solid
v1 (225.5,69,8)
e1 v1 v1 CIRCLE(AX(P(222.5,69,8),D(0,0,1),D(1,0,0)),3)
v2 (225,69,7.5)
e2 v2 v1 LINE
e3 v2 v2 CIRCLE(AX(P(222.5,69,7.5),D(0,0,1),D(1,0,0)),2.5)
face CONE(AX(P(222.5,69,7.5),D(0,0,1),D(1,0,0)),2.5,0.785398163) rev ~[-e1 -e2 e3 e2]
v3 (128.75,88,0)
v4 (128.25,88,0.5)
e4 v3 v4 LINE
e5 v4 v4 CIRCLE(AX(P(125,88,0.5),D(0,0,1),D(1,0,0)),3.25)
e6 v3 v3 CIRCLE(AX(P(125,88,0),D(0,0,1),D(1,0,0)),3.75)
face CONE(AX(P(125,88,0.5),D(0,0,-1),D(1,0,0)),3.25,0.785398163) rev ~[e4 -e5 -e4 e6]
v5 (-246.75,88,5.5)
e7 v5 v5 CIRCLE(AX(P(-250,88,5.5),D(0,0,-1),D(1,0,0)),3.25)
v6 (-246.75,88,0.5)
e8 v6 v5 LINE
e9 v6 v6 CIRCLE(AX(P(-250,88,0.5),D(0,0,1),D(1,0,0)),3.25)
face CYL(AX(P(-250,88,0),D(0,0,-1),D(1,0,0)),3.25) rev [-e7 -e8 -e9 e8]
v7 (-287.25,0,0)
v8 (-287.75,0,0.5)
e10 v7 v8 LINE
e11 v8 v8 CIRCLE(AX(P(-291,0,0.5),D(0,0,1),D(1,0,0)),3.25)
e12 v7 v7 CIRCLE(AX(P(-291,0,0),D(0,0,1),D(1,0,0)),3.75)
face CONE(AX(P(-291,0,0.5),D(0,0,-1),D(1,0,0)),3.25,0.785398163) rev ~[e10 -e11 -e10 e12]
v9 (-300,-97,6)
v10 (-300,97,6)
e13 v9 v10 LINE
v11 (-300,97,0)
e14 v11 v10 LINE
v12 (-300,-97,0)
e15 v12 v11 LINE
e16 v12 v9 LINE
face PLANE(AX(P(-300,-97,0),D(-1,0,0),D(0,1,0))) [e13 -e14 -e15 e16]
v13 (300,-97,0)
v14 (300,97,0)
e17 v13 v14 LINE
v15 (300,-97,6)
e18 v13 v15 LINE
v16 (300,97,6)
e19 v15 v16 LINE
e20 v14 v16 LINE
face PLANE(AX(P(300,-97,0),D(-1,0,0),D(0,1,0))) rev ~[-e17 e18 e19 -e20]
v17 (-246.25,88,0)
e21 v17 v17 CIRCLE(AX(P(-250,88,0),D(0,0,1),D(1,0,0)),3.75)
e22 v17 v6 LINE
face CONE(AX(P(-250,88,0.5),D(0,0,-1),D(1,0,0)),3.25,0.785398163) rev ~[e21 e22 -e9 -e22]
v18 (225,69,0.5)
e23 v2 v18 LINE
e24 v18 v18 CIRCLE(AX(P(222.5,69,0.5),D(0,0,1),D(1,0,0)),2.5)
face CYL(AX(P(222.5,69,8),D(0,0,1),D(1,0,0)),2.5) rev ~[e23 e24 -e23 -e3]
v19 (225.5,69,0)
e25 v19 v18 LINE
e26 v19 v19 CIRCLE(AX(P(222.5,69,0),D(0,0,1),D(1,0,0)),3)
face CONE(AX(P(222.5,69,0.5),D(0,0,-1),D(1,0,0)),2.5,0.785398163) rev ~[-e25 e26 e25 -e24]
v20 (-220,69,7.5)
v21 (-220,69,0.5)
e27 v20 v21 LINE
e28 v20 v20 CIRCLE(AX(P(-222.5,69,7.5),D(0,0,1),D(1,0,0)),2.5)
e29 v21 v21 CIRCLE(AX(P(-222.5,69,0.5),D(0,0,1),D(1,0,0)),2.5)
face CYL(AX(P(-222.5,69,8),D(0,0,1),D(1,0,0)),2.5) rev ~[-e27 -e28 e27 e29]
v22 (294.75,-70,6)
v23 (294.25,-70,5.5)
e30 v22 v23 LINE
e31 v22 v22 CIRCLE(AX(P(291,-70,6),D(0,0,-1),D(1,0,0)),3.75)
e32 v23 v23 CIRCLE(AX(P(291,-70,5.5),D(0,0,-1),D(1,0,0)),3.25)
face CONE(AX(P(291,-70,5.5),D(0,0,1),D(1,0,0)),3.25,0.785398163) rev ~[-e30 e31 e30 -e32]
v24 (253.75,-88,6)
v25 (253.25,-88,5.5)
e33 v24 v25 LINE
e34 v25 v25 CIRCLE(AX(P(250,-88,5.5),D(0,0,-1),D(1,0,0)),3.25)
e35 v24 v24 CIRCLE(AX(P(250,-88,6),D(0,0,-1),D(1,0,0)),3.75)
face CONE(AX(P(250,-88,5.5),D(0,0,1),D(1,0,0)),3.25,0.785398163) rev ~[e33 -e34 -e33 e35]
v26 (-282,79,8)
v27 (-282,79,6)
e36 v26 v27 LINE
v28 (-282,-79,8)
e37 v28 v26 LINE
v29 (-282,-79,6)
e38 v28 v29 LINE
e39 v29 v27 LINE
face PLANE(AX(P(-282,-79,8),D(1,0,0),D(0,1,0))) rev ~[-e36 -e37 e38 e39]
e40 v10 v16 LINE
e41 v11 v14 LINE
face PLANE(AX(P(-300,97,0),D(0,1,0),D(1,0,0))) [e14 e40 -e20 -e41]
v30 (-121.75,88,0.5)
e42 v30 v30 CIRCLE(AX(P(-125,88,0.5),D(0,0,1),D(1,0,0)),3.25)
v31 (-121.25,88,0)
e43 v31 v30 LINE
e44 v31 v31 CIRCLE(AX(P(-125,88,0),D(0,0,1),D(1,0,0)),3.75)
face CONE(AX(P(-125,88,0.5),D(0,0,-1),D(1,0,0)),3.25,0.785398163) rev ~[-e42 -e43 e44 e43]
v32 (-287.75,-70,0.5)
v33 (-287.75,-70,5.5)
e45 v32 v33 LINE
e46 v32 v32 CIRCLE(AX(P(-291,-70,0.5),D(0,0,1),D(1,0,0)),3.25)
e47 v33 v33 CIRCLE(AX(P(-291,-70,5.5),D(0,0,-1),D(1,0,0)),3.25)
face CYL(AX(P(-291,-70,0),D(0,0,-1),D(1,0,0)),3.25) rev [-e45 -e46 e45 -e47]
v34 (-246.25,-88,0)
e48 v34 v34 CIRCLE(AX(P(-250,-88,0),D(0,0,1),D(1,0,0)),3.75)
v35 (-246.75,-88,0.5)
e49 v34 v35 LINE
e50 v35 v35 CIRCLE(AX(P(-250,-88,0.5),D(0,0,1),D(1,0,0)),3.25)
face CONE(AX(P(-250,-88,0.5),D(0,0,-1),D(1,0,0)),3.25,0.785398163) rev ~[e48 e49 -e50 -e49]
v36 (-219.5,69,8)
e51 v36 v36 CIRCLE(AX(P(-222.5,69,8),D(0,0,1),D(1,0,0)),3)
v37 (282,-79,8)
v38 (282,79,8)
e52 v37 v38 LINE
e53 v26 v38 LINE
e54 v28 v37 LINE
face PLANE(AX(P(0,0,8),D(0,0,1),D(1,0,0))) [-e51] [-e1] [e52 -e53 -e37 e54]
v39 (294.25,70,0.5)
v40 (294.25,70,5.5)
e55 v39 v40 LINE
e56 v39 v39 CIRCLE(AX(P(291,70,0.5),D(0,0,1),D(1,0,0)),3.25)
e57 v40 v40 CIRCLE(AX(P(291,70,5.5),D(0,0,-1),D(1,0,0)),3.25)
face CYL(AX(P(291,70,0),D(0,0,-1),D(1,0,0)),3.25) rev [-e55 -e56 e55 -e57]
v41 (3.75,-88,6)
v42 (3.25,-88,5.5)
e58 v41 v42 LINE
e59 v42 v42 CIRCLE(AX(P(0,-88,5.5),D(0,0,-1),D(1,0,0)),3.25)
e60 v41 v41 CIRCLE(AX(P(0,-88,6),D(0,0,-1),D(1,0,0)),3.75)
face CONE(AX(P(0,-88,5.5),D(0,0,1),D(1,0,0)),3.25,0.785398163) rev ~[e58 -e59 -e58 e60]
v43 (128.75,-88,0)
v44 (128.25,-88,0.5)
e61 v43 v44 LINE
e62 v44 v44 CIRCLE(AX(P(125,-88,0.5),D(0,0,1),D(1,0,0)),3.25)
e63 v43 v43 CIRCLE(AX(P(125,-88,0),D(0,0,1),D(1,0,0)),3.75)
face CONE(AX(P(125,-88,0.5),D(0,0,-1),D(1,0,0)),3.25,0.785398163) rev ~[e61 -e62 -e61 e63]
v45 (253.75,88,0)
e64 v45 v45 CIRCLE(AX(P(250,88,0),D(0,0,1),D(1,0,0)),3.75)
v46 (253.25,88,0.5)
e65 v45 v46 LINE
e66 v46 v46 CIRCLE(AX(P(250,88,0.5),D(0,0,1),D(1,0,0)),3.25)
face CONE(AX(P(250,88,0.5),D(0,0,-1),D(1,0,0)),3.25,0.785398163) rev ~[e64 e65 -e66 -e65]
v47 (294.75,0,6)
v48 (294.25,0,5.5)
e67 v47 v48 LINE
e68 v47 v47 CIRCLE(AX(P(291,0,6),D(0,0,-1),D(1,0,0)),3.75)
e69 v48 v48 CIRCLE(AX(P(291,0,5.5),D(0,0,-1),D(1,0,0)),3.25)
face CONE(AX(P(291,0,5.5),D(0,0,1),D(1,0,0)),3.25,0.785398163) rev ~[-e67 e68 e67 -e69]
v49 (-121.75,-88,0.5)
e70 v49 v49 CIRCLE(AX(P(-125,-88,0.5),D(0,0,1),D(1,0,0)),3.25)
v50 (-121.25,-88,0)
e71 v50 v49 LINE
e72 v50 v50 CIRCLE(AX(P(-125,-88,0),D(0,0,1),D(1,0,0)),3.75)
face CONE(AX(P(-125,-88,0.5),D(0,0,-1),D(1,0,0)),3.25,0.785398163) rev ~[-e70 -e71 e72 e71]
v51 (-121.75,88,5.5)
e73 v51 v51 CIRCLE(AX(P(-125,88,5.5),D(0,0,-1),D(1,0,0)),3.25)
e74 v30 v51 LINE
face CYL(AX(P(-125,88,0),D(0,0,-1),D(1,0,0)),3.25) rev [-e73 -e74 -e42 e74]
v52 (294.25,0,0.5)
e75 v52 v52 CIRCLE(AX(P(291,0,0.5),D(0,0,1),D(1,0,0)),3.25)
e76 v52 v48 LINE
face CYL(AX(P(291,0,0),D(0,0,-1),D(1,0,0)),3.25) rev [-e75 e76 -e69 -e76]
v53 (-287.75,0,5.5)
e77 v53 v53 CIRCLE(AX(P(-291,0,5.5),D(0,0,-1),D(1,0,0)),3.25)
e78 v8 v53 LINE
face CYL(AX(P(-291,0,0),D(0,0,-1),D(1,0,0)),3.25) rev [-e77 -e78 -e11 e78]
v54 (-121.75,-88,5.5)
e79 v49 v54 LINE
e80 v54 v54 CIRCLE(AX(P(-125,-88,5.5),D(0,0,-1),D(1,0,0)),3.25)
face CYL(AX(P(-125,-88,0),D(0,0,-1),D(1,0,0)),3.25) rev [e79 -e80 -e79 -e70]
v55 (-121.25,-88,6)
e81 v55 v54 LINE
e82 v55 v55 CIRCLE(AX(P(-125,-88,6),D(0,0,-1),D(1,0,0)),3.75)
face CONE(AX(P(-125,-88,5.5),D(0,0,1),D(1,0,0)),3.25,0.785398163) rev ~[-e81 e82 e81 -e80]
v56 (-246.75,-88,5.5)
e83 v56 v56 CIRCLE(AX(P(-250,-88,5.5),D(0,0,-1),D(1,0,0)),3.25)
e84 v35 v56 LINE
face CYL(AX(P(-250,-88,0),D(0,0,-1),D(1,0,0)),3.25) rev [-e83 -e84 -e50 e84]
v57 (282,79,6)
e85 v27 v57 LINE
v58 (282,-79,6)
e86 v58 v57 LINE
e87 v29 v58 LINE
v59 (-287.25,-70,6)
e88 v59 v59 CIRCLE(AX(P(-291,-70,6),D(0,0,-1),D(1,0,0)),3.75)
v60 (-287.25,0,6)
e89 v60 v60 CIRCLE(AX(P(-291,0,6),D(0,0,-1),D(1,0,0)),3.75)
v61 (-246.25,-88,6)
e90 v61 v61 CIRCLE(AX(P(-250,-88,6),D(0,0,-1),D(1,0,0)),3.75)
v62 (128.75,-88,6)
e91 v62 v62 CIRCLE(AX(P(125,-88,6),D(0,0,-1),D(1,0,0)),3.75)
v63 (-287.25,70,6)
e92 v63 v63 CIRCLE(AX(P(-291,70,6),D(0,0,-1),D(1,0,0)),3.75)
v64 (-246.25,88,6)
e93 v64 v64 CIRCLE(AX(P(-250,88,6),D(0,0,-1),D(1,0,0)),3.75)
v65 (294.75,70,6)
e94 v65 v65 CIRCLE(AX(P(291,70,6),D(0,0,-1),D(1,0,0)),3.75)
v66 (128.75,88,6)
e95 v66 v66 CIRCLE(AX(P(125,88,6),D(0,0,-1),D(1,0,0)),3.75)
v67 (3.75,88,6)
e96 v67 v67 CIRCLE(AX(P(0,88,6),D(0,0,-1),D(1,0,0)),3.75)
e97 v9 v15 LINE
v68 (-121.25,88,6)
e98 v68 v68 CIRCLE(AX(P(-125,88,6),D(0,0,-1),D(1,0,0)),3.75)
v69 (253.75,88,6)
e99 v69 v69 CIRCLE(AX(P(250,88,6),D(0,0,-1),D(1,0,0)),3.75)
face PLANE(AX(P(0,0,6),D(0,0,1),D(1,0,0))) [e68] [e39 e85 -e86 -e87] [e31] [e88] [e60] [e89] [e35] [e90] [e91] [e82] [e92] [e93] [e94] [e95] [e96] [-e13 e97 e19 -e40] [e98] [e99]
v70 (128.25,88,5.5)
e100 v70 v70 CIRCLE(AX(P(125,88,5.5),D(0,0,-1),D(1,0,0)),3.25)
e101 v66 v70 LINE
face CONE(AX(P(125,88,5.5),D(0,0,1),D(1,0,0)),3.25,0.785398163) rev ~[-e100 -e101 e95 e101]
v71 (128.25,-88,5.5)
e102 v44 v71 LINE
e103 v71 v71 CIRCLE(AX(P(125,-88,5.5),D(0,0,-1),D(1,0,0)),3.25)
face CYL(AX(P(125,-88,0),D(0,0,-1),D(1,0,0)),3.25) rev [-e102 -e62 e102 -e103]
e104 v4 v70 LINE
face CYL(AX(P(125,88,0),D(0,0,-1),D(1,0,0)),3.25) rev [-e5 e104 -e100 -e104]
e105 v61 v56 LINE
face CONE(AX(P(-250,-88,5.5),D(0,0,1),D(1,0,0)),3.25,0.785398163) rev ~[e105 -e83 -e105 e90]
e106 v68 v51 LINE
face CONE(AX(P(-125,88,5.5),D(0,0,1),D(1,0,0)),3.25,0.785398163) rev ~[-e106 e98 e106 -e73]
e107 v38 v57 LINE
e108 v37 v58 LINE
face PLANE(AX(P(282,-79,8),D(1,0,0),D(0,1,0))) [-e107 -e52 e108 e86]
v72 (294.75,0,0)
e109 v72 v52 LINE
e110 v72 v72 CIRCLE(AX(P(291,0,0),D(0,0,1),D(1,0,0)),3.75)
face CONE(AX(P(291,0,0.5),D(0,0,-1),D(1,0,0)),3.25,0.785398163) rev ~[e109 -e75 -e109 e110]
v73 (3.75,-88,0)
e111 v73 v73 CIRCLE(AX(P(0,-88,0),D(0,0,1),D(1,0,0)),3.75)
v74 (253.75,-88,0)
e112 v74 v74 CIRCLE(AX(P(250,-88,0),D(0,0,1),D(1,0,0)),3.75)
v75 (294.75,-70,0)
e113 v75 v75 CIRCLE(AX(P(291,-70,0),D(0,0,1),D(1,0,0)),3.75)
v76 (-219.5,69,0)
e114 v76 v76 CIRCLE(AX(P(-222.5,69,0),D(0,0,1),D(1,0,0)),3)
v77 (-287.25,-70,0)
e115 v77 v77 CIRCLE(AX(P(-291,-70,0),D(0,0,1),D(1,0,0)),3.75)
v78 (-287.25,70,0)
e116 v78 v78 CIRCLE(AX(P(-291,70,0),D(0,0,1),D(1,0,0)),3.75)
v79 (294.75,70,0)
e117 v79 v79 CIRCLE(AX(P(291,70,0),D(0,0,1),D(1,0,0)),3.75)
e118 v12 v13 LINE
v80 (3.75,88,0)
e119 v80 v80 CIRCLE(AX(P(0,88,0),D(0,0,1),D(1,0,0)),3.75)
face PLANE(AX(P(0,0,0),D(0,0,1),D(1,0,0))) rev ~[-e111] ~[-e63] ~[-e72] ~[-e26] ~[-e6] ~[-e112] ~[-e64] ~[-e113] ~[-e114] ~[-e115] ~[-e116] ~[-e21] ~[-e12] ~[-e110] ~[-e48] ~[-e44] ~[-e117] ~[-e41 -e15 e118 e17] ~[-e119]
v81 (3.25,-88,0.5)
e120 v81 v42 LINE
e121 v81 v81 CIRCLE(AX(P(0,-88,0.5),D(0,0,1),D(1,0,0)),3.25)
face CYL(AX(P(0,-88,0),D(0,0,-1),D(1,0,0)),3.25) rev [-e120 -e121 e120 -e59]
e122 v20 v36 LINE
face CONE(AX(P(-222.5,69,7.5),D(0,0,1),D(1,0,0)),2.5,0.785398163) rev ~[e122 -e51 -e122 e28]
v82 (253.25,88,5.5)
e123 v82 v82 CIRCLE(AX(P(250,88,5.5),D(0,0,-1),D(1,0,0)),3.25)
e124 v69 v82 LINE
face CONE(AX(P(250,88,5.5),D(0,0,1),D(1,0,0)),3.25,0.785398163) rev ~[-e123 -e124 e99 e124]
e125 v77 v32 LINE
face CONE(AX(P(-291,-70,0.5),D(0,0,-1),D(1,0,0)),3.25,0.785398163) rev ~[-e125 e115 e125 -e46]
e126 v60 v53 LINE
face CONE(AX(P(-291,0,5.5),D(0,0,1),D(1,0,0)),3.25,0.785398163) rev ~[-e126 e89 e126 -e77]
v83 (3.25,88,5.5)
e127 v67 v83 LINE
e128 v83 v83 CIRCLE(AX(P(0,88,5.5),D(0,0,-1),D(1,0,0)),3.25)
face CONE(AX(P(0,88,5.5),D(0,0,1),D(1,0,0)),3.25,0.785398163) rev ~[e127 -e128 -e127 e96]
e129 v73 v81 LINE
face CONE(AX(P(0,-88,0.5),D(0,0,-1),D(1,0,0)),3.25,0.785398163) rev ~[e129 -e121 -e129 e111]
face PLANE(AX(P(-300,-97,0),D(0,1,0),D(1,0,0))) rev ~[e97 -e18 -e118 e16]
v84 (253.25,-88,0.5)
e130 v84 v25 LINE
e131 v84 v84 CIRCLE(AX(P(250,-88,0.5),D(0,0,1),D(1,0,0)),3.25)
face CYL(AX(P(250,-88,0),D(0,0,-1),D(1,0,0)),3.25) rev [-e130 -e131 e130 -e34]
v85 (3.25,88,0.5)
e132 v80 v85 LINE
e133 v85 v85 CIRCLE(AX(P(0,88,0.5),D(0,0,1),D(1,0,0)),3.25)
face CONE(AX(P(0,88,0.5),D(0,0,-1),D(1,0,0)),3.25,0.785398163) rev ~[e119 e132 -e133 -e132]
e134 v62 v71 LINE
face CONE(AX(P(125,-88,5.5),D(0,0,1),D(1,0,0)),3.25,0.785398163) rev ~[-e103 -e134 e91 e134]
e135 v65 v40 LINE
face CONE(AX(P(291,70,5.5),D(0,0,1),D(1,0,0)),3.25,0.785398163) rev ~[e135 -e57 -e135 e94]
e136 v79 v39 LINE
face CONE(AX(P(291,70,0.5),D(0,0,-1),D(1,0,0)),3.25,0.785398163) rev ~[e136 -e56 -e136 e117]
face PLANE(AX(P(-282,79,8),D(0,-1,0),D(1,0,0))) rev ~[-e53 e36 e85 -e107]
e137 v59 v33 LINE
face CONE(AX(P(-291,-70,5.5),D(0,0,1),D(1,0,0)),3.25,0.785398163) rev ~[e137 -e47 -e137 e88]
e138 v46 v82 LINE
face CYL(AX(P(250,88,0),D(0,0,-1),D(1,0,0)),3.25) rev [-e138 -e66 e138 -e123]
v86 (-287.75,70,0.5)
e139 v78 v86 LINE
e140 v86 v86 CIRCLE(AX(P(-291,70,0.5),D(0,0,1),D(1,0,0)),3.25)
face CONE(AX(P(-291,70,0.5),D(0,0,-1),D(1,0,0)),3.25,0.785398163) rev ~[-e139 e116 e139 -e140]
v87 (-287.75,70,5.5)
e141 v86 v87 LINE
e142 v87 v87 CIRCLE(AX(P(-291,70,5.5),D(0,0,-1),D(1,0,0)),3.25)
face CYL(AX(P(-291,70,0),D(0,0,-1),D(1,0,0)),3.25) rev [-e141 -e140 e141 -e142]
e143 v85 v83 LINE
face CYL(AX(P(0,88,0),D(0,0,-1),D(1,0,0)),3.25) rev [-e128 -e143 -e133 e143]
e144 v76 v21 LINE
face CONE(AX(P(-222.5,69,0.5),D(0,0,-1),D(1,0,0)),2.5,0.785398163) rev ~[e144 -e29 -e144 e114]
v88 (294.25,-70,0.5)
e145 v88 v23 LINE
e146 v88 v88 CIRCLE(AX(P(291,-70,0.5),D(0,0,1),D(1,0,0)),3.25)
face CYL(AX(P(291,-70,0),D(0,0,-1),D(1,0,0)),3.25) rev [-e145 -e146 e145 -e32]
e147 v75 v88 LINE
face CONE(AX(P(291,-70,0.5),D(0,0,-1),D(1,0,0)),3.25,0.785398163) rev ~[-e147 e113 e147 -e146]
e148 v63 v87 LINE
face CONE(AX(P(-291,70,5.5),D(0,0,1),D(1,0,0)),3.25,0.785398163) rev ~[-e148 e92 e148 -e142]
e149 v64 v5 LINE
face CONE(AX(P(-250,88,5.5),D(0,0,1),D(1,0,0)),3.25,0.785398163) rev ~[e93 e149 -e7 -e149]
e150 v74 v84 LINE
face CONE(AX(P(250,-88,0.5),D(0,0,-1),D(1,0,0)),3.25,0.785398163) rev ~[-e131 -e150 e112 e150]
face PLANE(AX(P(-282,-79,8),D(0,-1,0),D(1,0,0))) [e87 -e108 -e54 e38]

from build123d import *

# Parameters (mm, degrees)
F0_W     = 600
F0_H     = 194
F0_R     = 3.25
F1_DEPTH = 8
F2_W     = 600
F2_H     = 194
F2_W_2   = 564
F2_H_2   = 158
F3_DEPTH = 2
F4_SIZE  = 0.5
F5_R     = 2.5
F6_DEPTH = 25
F7_SIZE  = 0.5


with BuildPart() as f1:
    # F0 (on Top) → F1 (new body)
    with BuildSketch(Plane.XY):
        Rectangle(F0_W, F0_H)
        with Locations((-250, -88)):
            Circle(F0_R, mode=Mode.SUBTRACT)
        with Locations((-291, -70)):
            Circle(F0_R, mode=Mode.SUBTRACT)
        with Locations((-125, -88)):
            Circle(F0_R, mode=Mode.SUBTRACT)
        with Locations((0, -88)):
            Circle(F0_R, mode=Mode.SUBTRACT)
        with Locations((125, -88)):
            Circle(F0_R, mode=Mode.SUBTRACT)
        with Locations((250, -88)):
            Circle(F0_R, mode=Mode.SUBTRACT)
        with Locations((291, -70)):
            Circle(F0_R, mode=Mode.SUBTRACT)
        with Locations((-291, 0)):
            Circle(F0_R, mode=Mode.SUBTRACT)
        with Locations((-291, 70)):
            Circle(F0_R, mode=Mode.SUBTRACT)
        with Locations((-250, 88)):
            Circle(F0_R, mode=Mode.SUBTRACT)
        with Locations((-125, 88)):
            Circle(F0_R, mode=Mode.SUBTRACT)
        with Locations((291, 0)):
            Circle(F0_R, mode=Mode.SUBTRACT)
        with Locations((0, 88)):
            Circle(F0_R, mode=Mode.SUBTRACT)
        with Locations((125, 88)):
            Circle(F0_R, mode=Mode.SUBTRACT)
        with Locations((291, 70)):
            Circle(F0_R, mode=Mode.SUBTRACT)
        with Locations((250, 88)):
            Circle(F0_R, mode=Mode.SUBTRACT)
    extrude(amount=F1_DEPTH)

    # F2 (on face) → F3 (cut)
    with BuildSketch(Plane.XY.offset(8)):
        Rectangle(F2_W, F2_H)
        Rectangle(F2_W_2, F2_H_2, mode=Mode.SUBTRACT)
    extrude(amount=-F3_DEPTH, mode=Mode.SUBTRACT)

    # F4
    f4_edges = [f1.edges().sort_by_distance(p)[0] for p in [
        (-294.25, 70, 0),
        (-287.75, 70, 3),
        (-294.25, 70, 6),
        (-294.25, 0, 0),
        (-287.75, 0, 3),
        (-294.25, 0, 6),
        (-253.25, 88, 0),
        (-246.75, 88, 3),
        (-253.25, 88, 6),
        (-294.25, -70, 0),
        (-287.75, -70, 3),
        (-294.25, -70, 6),
        (-253.25, -88, 0),
        (-246.75, -88, 3),
        (-253.25, -88, 6),
        (-128.25, -88, 0),
        (-121.75, -88, 3),
        (-128.25, -88, 6),
        (-3.25, -88, 0),
        (3.25, -88, 3),
        (-3.25, -88, 6),
        (121.75, -88, 0),
        (128.25, -88, 3),
        (121.75, -88, 6),
        (246.75, -88, 0),
        (253.25, -88, 3),
        (246.75, -88, 6),
        (287.75, -70, 0),
        (294.25, -70, 3),
        (287.75, -70, 6),
        (287.75, 70, 0),
        (294.25, 70, 3),
        (287.75, 70, 6),
        (246.75, 88, 0),
        (253.25, 88, 3),
        (246.75, 88, 6),
        (121.75, 88, 0),
        (128.25, 88, 3),
        (121.75, 88, 6),
        (-3.25, 88, 0),
        (3.25, 88, 3),
        (-3.25, 88, 6),
        (-128.25, 88, 0),
        (-121.75, 88, 3),
        (-128.25, 88, 6),
        (287.75, 0, 0),
        (294.25, 0, 3),
        (287.75, 0, 6),
    ]]
    chamfer(f4_edges, length=F4_SIZE)

    # F5 (on face) → F6 (cut)
    with BuildSketch(Plane.XY.offset(8)):
        with Locations((-222.5, 69)):
            Circle(F5_R)
        with Locations((222.5, 69)):
            Circle(F5_R)
    extrude(amount=-F6_DEPTH, mode=Mode.SUBTRACT)

    # F7
    f7_edges = [f1.edges().sort_by_distance(p)[0] for p in [
        (-225, 69, 8),
        (-220, 69, 4),
        (-225, 69, 0),
        (220, 69, 8),
        (225, 69, 4),
        (220, 69, 0),
    ]]
    chamfer(f7_edges, length=F7_SIZE)


solid = f1.part
